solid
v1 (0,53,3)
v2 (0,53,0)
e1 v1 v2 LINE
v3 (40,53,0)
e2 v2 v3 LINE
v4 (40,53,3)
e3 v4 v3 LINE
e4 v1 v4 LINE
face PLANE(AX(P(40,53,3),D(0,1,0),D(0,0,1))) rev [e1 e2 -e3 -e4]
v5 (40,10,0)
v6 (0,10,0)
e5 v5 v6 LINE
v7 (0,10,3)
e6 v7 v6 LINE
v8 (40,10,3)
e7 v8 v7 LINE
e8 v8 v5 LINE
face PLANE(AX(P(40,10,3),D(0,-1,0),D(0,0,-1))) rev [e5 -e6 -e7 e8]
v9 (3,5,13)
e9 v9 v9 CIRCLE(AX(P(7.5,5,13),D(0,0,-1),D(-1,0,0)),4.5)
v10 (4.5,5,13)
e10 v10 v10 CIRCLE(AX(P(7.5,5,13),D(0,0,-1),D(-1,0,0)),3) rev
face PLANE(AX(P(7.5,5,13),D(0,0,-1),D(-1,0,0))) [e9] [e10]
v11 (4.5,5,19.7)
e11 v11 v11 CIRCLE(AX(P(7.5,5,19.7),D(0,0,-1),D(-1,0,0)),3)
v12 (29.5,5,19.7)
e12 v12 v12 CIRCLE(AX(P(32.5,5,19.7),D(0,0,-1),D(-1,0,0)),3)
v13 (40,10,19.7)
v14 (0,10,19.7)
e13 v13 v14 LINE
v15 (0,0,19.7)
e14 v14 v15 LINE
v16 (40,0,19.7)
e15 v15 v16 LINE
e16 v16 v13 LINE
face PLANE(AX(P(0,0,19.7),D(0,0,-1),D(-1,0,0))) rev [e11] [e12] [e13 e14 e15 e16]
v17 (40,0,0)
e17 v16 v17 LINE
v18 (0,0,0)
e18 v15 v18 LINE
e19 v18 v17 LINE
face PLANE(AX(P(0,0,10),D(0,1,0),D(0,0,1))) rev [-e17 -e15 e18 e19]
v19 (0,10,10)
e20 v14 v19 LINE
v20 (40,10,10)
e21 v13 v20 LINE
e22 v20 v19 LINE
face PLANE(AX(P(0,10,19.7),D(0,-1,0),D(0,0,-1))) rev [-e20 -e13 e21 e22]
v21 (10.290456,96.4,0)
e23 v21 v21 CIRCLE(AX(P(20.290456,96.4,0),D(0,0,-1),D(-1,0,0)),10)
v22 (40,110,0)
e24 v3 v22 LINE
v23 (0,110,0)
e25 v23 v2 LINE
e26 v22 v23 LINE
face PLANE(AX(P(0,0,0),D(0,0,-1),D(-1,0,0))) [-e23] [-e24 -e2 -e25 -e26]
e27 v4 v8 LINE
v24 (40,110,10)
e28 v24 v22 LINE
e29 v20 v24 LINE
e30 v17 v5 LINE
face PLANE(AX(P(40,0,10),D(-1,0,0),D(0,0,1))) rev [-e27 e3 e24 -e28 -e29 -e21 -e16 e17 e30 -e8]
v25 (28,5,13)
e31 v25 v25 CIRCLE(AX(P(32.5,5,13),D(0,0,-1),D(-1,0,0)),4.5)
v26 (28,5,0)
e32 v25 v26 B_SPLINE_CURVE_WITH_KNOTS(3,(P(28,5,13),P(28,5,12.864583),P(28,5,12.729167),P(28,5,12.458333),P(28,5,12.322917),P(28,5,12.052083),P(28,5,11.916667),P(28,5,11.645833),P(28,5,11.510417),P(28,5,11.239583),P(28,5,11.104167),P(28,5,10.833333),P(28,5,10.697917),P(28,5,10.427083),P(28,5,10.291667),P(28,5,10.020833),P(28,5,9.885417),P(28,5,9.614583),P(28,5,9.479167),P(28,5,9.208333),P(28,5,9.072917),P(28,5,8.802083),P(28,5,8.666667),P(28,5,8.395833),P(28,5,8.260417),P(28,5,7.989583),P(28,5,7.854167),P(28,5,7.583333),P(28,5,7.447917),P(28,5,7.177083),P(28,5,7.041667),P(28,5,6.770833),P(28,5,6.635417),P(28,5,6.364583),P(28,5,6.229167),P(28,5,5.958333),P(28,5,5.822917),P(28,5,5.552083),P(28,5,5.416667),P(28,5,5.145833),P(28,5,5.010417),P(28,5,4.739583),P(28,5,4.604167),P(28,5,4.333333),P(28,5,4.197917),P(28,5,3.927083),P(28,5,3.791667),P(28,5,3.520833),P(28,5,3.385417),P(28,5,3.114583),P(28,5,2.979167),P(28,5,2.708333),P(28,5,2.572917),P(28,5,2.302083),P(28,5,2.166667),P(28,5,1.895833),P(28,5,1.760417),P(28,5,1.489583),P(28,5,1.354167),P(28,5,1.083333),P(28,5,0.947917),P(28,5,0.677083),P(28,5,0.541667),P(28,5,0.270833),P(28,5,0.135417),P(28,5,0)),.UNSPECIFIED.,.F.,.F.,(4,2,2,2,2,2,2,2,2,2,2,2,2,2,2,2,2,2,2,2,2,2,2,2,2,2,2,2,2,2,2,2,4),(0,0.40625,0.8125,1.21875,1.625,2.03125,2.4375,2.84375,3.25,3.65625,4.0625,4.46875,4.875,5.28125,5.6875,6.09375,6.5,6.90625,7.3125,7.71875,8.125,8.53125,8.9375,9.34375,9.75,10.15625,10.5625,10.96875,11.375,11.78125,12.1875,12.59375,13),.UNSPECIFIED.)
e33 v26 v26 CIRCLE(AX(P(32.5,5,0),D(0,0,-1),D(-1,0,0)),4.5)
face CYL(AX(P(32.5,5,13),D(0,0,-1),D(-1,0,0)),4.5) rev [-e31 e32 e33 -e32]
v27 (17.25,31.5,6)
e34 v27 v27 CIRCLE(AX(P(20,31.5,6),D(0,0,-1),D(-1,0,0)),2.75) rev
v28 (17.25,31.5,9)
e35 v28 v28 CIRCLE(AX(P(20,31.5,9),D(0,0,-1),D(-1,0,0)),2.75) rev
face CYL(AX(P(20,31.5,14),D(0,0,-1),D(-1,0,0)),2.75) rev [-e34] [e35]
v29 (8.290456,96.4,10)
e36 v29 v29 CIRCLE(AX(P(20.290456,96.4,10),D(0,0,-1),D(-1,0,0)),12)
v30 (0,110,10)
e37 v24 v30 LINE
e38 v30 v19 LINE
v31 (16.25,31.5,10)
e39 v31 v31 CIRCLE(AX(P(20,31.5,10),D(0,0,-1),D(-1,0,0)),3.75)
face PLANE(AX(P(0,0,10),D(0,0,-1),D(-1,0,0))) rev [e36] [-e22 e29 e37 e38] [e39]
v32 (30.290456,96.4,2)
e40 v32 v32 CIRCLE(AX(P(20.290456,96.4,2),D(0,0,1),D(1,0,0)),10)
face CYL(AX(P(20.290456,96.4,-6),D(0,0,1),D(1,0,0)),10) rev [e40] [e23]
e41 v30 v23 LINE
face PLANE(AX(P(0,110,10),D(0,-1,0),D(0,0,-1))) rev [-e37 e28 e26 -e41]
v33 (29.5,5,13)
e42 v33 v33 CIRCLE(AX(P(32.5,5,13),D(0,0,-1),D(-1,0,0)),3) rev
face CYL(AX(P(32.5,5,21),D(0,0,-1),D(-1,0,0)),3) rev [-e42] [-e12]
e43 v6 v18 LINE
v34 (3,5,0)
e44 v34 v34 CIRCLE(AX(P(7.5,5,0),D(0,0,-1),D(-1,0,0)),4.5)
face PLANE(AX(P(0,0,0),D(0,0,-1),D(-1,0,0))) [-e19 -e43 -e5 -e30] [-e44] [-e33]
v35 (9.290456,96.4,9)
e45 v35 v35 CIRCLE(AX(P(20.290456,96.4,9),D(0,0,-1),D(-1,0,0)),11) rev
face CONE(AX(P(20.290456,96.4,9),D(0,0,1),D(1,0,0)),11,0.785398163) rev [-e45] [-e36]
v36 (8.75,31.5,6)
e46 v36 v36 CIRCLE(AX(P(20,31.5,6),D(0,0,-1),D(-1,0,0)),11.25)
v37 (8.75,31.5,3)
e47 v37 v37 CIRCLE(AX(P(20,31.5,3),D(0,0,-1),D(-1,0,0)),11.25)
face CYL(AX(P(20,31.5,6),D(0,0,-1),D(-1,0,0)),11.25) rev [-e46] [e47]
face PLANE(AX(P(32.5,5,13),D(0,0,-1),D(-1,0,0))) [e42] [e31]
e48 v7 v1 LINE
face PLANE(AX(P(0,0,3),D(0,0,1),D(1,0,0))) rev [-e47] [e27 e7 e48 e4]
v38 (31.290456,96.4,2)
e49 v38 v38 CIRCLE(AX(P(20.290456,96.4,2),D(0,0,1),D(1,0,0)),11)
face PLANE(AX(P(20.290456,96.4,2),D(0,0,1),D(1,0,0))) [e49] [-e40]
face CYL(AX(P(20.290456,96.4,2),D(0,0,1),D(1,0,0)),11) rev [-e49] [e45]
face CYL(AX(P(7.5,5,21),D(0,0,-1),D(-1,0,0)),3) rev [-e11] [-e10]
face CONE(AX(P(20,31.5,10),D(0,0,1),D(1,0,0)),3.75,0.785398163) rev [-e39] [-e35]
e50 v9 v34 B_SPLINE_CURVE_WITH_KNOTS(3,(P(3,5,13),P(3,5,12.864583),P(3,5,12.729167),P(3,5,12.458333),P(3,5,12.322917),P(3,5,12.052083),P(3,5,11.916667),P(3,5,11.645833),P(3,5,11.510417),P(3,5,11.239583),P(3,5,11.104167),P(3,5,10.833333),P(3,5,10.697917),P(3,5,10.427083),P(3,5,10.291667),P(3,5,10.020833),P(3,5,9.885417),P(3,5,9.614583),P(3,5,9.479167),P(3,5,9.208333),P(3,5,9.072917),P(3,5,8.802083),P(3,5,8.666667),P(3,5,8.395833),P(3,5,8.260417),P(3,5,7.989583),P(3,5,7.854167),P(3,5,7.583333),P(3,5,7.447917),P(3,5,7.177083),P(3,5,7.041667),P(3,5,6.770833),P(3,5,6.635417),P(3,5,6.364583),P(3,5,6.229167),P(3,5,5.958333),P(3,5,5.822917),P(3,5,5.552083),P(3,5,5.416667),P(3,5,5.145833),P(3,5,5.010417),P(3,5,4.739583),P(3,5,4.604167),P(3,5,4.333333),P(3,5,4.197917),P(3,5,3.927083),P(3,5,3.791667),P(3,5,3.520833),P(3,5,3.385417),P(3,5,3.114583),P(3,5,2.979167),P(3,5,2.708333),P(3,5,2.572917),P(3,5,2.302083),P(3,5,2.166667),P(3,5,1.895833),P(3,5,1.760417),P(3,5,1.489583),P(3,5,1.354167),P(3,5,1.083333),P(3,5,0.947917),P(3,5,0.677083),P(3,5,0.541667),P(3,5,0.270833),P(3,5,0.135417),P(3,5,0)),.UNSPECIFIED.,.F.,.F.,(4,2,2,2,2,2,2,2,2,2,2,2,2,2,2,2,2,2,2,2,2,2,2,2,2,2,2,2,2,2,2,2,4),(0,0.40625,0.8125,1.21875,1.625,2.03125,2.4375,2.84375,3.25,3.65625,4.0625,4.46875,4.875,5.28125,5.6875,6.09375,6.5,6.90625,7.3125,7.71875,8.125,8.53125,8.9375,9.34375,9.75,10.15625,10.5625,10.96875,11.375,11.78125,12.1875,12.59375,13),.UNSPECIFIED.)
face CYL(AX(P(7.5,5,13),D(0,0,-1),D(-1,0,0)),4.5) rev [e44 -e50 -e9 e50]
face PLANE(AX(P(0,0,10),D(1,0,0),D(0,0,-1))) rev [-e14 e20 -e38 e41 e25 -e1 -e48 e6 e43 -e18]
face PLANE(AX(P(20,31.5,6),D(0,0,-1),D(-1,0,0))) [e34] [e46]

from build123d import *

# Parameters (mm, degrees)
SKIZZE1_W                       = 40
SKIZZE1_H                       = 110
AUFSATZ_LINEAR_AUSTRAGEN1_DEPTH = 10
SKIZZE2_W                       = 40
SKIZZE2_H                       = 43
SCHNITT_LINEAR_AUSTRAGEN1_DEPTH = 3
SKIZZE3_R                       = 2.75
SCHNITT_LINEAR_AUSTRAGEN2_DEPTH = 11
SKIZZE5_R                       = 11
SCHNITT_LINEAR_AUSTRAGEN4_DEPTH = 8
SKIZZE6_R                       = 10
SCHNITT_LINEAR_AUSTRAGEN5_DEPTH = 8
FASE1_SIZE                      = 1
SKIZZE10_W                      = 40
SKIZZE10_H                      = 10
AUFSATZ_LINEAR_AUSTRAGEN2_DEPTH = 9.7
SKIZZE11_R                      = 3
SCHNITT_LINEAR_AUSTRAGEN6_DEPTH = 21
SKIZZE12_R                      = 4.5
SCHNITT_LINEAR_AUSTRAGEN7_DEPTH = 13
SKIZZE13_R                      = 11.25
SCHNITT_LINEAR_AUSTRAGEN8_DEPTH = 3


with BuildPart() as part:
    # Skizze1 → Aufsatz-Linear austragen1 (new body)
    with BuildSketch(Plane.XY):
        with Locations((20, 55)):
            Rectangle(SKIZZE1_W, SKIZZE1_H)
    extrude(amount=AUFSATZ_LINEAR_AUSTRAGEN1_DEPTH)

    # Skizze2 → Schnitt-Linear austragen1 (cut)
    with BuildSketch(Plane(origin=(0, 0, 0), x_dir=(-1, 0, 0), z_dir=(0, 0, -1))):
        with Locations((-20, 31.5)):
            Rectangle(SKIZZE2_W, SKIZZE2_H)
    extrude(amount=-SCHNITT_LINEAR_AUSTRAGEN1_DEPTH, mode=Mode.SUBTRACT)

    # Skizze3 → Schnitt-Linear austragen2 (cut)
    with BuildSketch(Plane(origin=(0, 0, 3), x_dir=(-1, 0, 0), z_dir=(0, 0, -1))):
        with Locations((-20, 31.5)):
            Circle(SKIZZE3_R)
    extrude(amount=-SCHNITT_LINEAR_AUSTRAGEN2_DEPTH, mode=Mode.SUBTRACT)

    # Skizze5 → Schnitt-Linear austragen4 (cut)
    with BuildSketch(Plane.XY.offset(10)):
        with Locations((20.290455997, 96.4)):
            Circle(SKIZZE5_R)
    extrude(amount=-SCHNITT_LINEAR_AUSTRAGEN4_DEPTH, mode=Mode.SUBTRACT)

    # Skizze6 → Schnitt-Linear austragen5 (cut)
    with BuildSketch(Plane.XY.offset(2)):
        with Locations((20.290455997, 96.4)):
            Circle(SKIZZE6_R)
    extrude(amount=-SCHNITT_LINEAR_AUSTRAGEN5_DEPTH, mode=Mode.SUBTRACT)

    # Fase1
    fase1_edges = [part.edges().sort_by_distance(p)[0] for p in [
        (22.75, 31.5, 10),
        (9.290455997, 96.4, 10),
    ]]
    chamfer(fase1_edges, length=FASE1_SIZE)

    # Skizze10 → Aufsatz-Linear austragen2 (add)
    with BuildSketch(Plane.XY.offset(10)):
        with Locations((20, 5)):
            Rectangle(SKIZZE10_W, SKIZZE10_H)
    extrude(amount=AUFSATZ_LINEAR_AUSTRAGEN2_DEPTH)

    # Skizze11 → Schnitt-Linear austragen6 (cut)
    with BuildSketch(Plane(origin=(0, 0, 0), x_dir=(-1, 0, 0), z_dir=(0, 0, -1))):
        with Locations((-32.5, 5)):
            Circle(SKIZZE11_R)
        with Locations((-7.5, 5)):
            Circle(SKIZZE11_R)
    extrude(amount=-SCHNITT_LINEAR_AUSTRAGEN6_DEPTH, mode=Mode.SUBTRACT)

    # Skizze12 → Schnitt-Linear austragen7 (cut)
    with BuildSketch(Plane(origin=(0, 0, 0), x_dir=(-1, 0, 0), z_dir=(0, 0, -1))):
        with Locations((-32.5, 5)):
            Circle(SKIZZE12_R)
        with Locations((-7.5, 5)):
            Circle(SKIZZE12_R)
    extrude(amount=-SCHNITT_LINEAR_AUSTRAGEN7_DEPTH, mode=Mode.SUBTRACT)

    # Skizze13 → Schnitt-Linear austragen8 (cut)
    with BuildSketch(Plane(origin=(0, 0, 3), x_dir=(-1, 0, 0), z_dir=(0, 0, -1))):
        with Locations((-20, 31.5)):
            Circle(SKIZZE13_R)
    extrude(amount=-SCHNITT_LINEAR_AUSTRAGEN8_DEPTH, mode=Mode.SUBTRACT)


solid = part.part
